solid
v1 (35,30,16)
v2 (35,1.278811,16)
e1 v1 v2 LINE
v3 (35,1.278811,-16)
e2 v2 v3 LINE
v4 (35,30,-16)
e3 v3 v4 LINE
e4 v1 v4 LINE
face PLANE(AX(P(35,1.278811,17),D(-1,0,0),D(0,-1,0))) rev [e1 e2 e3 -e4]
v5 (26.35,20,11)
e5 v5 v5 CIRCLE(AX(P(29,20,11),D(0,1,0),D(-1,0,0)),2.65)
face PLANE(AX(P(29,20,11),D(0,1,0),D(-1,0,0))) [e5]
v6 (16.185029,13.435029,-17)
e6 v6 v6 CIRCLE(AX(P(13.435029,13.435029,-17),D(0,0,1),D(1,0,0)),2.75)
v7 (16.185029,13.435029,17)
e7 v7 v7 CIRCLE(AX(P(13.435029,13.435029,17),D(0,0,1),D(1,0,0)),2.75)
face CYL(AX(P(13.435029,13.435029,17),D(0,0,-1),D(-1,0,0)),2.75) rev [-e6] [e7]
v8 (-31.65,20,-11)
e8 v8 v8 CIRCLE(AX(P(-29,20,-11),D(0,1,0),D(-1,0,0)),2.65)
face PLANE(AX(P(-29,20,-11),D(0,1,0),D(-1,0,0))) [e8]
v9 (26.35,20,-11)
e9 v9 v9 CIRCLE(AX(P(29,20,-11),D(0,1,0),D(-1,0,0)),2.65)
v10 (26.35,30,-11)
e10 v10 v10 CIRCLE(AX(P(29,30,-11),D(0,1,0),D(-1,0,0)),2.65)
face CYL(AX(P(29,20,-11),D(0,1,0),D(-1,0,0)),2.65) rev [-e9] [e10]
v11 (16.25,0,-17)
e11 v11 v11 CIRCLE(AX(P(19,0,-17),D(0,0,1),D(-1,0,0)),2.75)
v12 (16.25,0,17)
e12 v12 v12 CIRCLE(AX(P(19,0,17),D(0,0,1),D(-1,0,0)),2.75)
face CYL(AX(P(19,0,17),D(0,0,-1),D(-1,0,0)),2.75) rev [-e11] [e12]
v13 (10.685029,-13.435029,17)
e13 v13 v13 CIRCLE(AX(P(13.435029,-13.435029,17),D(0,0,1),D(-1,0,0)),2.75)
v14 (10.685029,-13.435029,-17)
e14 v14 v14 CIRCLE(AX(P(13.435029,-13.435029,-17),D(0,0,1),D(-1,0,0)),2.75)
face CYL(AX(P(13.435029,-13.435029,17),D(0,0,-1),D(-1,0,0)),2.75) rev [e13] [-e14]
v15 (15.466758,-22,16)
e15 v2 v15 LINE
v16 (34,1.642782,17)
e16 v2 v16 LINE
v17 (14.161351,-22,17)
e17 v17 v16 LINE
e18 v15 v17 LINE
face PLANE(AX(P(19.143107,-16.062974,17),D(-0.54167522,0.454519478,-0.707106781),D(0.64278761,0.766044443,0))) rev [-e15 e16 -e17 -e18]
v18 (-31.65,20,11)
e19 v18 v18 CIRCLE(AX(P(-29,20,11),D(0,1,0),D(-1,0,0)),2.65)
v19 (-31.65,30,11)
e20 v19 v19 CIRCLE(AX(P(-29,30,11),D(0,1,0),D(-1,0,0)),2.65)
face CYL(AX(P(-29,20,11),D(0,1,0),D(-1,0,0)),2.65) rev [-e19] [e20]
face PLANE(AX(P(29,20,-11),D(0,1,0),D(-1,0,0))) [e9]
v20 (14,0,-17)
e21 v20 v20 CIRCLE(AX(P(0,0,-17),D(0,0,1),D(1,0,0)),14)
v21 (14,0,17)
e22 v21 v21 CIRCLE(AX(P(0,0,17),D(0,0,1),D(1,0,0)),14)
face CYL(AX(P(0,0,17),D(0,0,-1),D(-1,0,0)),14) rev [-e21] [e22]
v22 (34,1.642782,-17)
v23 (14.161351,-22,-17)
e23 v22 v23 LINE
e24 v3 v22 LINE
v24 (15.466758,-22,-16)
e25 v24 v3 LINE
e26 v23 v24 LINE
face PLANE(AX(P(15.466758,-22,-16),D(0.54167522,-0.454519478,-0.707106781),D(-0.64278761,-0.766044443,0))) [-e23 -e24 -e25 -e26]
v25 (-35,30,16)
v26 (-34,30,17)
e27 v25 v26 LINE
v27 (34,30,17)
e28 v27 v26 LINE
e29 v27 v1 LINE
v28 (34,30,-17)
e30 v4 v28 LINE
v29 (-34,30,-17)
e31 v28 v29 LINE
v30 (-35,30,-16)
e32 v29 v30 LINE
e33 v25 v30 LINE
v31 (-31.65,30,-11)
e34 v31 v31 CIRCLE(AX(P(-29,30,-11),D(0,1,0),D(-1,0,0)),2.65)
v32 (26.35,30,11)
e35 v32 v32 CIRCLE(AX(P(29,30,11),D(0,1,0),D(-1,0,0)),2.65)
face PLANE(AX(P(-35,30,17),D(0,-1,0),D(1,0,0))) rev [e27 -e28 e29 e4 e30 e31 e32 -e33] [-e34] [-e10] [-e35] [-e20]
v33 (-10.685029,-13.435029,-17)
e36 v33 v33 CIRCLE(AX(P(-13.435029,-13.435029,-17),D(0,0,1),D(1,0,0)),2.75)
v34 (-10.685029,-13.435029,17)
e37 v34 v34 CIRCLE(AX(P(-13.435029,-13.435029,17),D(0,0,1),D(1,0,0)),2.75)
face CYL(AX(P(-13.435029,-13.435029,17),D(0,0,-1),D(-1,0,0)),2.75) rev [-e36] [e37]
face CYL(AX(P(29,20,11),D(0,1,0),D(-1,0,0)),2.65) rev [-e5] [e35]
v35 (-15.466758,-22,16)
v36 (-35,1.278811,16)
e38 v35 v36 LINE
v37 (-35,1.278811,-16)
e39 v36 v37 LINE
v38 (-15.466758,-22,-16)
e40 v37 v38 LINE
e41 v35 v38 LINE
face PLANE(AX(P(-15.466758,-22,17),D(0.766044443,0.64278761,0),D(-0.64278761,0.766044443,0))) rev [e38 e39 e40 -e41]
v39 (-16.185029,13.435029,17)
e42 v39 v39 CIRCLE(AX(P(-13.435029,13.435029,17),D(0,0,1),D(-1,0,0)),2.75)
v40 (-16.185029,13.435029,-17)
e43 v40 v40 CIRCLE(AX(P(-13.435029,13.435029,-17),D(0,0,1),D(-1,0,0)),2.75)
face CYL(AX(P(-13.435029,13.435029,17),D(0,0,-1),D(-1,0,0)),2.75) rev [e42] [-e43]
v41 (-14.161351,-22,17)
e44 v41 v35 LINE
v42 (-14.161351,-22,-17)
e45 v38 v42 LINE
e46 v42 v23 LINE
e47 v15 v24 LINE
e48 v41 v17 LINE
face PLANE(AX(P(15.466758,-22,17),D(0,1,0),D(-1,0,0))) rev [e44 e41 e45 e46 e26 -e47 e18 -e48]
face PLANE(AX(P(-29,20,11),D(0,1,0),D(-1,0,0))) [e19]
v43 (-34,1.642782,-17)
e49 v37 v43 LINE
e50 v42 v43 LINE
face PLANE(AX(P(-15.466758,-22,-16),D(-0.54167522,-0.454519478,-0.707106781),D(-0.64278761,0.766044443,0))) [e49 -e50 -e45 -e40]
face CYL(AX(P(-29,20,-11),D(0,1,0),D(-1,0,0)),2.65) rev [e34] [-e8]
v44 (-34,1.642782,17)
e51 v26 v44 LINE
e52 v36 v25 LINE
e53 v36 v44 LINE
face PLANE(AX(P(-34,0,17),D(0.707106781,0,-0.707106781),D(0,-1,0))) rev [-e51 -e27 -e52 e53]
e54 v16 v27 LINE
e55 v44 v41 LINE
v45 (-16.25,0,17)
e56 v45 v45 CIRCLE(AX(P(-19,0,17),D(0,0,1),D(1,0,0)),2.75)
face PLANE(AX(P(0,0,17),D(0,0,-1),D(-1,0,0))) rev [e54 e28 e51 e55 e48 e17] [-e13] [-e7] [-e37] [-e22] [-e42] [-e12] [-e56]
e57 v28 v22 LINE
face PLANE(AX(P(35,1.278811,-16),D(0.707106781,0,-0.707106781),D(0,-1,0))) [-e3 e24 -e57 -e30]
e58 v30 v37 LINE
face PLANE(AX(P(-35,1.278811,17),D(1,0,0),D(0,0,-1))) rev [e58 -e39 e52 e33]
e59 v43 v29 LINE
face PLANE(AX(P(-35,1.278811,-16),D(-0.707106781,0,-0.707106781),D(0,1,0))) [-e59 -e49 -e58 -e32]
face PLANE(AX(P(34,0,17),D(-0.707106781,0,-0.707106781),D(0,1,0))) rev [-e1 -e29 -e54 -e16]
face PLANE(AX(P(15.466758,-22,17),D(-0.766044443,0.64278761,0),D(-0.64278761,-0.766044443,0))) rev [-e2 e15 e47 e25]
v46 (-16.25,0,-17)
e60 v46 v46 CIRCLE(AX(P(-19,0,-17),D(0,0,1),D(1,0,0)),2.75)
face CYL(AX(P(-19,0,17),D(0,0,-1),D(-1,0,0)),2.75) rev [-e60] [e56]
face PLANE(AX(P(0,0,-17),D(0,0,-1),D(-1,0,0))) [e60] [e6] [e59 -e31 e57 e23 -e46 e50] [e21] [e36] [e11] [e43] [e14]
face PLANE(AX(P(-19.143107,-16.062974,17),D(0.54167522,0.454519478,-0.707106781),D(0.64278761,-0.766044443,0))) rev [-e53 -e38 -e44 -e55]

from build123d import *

# Parameters (mm, degrees)
SKETCH1_R           = 14
SKETCH1_R_2         = 2.75
BOSS_EXTRUDE1_DEPTH = 17
SKETCH2_R           = 2.65
CUT_EXTRUDE1_DEPTH  = 10
CHAMFER1_SIZE       = 1


with BuildPart() as part:
    # Sketch1 → Boss-Extrude1 (new, symmetric)
    with BuildSketch(Plane.XY):
        Polygon((15.46675804, -22), (-15.46675804, -22), (-35, 1.278811281), (-35, 30), (35, 30), (35, 1.278811281), align=None)
        Circle(SKETCH1_R, mode=Mode.SUBTRACT)
        with Locations((-13.435028843, -13.435028843)):
            Circle(SKETCH1_R_2, mode=Mode.SUBTRACT)
        with Locations((-19, 0)):
            Circle(SKETCH1_R_2, mode=Mode.SUBTRACT)
        with Locations(Location((-13.435028843, 13.435028843, 0), (0, 0, 180))):
            Circle(SKETCH1_R_2, mode=Mode.SUBTRACT)
        with Locations((13.435028843, 13.435028843)):
            Circle(SKETCH1_R_2, mode=Mode.SUBTRACT)
        with Locations(Location((19, 0, 0), (0, 0, 180))):
            Circle(SKETCH1_R_2, mode=Mode.SUBTRACT)
        with Locations(Location((13.435028843, -13.435028843, 0), (0, 0, 180))):
            Circle(SKETCH1_R_2, mode=Mode.SUBTRACT)
    extrude(amount=BOSS_EXTRUDE1_DEPTH, both=True)

    # Sketch2 → Cut-Extrude1 (cut)
    with BuildSketch(Plane(origin=(0, 30, 0), x_dir=(1, 0, 0), z_dir=(0, 1, 0))):
        with Locations(Location((-29, 11, 0), (0, 0, 180))):
            Circle(SKETCH2_R)
        with Locations(Location((-29, -11, 0), (0, 0, 180))):
            Circle(SKETCH2_R)
        with Locations(Location((29, -11, 0), (0, 0, 180))):
            Circle(SKETCH2_R)
        with Locations(Location((29, 11, 0), (0, 0, 180))):
            Circle(SKETCH2_R)
    extrude(amount=-CUT_EXTRUDE1_DEPTH, mode=Mode.SUBTRACT)

    # Chamfer1
    chamfer1_edges = [part.edges().sort_by_distance(p)[0] for p in [
        (-35, 15.639405641, 17),
        (-25.23337902, -10.360594359, 17),
        (25.23337902, -10.360594359, 17),
        (35, 15.639405641, 17),
        (25.23337902, -10.360594359, -17),
        (-25.23337902, -10.360594359, -17),
        (-35, 15.639405641, -17),
        (35, 15.639405641, -17),
    ]]
    chamfer(chamfer1_edges, length=CHAMFER1_SIZE)


solid = part.part
